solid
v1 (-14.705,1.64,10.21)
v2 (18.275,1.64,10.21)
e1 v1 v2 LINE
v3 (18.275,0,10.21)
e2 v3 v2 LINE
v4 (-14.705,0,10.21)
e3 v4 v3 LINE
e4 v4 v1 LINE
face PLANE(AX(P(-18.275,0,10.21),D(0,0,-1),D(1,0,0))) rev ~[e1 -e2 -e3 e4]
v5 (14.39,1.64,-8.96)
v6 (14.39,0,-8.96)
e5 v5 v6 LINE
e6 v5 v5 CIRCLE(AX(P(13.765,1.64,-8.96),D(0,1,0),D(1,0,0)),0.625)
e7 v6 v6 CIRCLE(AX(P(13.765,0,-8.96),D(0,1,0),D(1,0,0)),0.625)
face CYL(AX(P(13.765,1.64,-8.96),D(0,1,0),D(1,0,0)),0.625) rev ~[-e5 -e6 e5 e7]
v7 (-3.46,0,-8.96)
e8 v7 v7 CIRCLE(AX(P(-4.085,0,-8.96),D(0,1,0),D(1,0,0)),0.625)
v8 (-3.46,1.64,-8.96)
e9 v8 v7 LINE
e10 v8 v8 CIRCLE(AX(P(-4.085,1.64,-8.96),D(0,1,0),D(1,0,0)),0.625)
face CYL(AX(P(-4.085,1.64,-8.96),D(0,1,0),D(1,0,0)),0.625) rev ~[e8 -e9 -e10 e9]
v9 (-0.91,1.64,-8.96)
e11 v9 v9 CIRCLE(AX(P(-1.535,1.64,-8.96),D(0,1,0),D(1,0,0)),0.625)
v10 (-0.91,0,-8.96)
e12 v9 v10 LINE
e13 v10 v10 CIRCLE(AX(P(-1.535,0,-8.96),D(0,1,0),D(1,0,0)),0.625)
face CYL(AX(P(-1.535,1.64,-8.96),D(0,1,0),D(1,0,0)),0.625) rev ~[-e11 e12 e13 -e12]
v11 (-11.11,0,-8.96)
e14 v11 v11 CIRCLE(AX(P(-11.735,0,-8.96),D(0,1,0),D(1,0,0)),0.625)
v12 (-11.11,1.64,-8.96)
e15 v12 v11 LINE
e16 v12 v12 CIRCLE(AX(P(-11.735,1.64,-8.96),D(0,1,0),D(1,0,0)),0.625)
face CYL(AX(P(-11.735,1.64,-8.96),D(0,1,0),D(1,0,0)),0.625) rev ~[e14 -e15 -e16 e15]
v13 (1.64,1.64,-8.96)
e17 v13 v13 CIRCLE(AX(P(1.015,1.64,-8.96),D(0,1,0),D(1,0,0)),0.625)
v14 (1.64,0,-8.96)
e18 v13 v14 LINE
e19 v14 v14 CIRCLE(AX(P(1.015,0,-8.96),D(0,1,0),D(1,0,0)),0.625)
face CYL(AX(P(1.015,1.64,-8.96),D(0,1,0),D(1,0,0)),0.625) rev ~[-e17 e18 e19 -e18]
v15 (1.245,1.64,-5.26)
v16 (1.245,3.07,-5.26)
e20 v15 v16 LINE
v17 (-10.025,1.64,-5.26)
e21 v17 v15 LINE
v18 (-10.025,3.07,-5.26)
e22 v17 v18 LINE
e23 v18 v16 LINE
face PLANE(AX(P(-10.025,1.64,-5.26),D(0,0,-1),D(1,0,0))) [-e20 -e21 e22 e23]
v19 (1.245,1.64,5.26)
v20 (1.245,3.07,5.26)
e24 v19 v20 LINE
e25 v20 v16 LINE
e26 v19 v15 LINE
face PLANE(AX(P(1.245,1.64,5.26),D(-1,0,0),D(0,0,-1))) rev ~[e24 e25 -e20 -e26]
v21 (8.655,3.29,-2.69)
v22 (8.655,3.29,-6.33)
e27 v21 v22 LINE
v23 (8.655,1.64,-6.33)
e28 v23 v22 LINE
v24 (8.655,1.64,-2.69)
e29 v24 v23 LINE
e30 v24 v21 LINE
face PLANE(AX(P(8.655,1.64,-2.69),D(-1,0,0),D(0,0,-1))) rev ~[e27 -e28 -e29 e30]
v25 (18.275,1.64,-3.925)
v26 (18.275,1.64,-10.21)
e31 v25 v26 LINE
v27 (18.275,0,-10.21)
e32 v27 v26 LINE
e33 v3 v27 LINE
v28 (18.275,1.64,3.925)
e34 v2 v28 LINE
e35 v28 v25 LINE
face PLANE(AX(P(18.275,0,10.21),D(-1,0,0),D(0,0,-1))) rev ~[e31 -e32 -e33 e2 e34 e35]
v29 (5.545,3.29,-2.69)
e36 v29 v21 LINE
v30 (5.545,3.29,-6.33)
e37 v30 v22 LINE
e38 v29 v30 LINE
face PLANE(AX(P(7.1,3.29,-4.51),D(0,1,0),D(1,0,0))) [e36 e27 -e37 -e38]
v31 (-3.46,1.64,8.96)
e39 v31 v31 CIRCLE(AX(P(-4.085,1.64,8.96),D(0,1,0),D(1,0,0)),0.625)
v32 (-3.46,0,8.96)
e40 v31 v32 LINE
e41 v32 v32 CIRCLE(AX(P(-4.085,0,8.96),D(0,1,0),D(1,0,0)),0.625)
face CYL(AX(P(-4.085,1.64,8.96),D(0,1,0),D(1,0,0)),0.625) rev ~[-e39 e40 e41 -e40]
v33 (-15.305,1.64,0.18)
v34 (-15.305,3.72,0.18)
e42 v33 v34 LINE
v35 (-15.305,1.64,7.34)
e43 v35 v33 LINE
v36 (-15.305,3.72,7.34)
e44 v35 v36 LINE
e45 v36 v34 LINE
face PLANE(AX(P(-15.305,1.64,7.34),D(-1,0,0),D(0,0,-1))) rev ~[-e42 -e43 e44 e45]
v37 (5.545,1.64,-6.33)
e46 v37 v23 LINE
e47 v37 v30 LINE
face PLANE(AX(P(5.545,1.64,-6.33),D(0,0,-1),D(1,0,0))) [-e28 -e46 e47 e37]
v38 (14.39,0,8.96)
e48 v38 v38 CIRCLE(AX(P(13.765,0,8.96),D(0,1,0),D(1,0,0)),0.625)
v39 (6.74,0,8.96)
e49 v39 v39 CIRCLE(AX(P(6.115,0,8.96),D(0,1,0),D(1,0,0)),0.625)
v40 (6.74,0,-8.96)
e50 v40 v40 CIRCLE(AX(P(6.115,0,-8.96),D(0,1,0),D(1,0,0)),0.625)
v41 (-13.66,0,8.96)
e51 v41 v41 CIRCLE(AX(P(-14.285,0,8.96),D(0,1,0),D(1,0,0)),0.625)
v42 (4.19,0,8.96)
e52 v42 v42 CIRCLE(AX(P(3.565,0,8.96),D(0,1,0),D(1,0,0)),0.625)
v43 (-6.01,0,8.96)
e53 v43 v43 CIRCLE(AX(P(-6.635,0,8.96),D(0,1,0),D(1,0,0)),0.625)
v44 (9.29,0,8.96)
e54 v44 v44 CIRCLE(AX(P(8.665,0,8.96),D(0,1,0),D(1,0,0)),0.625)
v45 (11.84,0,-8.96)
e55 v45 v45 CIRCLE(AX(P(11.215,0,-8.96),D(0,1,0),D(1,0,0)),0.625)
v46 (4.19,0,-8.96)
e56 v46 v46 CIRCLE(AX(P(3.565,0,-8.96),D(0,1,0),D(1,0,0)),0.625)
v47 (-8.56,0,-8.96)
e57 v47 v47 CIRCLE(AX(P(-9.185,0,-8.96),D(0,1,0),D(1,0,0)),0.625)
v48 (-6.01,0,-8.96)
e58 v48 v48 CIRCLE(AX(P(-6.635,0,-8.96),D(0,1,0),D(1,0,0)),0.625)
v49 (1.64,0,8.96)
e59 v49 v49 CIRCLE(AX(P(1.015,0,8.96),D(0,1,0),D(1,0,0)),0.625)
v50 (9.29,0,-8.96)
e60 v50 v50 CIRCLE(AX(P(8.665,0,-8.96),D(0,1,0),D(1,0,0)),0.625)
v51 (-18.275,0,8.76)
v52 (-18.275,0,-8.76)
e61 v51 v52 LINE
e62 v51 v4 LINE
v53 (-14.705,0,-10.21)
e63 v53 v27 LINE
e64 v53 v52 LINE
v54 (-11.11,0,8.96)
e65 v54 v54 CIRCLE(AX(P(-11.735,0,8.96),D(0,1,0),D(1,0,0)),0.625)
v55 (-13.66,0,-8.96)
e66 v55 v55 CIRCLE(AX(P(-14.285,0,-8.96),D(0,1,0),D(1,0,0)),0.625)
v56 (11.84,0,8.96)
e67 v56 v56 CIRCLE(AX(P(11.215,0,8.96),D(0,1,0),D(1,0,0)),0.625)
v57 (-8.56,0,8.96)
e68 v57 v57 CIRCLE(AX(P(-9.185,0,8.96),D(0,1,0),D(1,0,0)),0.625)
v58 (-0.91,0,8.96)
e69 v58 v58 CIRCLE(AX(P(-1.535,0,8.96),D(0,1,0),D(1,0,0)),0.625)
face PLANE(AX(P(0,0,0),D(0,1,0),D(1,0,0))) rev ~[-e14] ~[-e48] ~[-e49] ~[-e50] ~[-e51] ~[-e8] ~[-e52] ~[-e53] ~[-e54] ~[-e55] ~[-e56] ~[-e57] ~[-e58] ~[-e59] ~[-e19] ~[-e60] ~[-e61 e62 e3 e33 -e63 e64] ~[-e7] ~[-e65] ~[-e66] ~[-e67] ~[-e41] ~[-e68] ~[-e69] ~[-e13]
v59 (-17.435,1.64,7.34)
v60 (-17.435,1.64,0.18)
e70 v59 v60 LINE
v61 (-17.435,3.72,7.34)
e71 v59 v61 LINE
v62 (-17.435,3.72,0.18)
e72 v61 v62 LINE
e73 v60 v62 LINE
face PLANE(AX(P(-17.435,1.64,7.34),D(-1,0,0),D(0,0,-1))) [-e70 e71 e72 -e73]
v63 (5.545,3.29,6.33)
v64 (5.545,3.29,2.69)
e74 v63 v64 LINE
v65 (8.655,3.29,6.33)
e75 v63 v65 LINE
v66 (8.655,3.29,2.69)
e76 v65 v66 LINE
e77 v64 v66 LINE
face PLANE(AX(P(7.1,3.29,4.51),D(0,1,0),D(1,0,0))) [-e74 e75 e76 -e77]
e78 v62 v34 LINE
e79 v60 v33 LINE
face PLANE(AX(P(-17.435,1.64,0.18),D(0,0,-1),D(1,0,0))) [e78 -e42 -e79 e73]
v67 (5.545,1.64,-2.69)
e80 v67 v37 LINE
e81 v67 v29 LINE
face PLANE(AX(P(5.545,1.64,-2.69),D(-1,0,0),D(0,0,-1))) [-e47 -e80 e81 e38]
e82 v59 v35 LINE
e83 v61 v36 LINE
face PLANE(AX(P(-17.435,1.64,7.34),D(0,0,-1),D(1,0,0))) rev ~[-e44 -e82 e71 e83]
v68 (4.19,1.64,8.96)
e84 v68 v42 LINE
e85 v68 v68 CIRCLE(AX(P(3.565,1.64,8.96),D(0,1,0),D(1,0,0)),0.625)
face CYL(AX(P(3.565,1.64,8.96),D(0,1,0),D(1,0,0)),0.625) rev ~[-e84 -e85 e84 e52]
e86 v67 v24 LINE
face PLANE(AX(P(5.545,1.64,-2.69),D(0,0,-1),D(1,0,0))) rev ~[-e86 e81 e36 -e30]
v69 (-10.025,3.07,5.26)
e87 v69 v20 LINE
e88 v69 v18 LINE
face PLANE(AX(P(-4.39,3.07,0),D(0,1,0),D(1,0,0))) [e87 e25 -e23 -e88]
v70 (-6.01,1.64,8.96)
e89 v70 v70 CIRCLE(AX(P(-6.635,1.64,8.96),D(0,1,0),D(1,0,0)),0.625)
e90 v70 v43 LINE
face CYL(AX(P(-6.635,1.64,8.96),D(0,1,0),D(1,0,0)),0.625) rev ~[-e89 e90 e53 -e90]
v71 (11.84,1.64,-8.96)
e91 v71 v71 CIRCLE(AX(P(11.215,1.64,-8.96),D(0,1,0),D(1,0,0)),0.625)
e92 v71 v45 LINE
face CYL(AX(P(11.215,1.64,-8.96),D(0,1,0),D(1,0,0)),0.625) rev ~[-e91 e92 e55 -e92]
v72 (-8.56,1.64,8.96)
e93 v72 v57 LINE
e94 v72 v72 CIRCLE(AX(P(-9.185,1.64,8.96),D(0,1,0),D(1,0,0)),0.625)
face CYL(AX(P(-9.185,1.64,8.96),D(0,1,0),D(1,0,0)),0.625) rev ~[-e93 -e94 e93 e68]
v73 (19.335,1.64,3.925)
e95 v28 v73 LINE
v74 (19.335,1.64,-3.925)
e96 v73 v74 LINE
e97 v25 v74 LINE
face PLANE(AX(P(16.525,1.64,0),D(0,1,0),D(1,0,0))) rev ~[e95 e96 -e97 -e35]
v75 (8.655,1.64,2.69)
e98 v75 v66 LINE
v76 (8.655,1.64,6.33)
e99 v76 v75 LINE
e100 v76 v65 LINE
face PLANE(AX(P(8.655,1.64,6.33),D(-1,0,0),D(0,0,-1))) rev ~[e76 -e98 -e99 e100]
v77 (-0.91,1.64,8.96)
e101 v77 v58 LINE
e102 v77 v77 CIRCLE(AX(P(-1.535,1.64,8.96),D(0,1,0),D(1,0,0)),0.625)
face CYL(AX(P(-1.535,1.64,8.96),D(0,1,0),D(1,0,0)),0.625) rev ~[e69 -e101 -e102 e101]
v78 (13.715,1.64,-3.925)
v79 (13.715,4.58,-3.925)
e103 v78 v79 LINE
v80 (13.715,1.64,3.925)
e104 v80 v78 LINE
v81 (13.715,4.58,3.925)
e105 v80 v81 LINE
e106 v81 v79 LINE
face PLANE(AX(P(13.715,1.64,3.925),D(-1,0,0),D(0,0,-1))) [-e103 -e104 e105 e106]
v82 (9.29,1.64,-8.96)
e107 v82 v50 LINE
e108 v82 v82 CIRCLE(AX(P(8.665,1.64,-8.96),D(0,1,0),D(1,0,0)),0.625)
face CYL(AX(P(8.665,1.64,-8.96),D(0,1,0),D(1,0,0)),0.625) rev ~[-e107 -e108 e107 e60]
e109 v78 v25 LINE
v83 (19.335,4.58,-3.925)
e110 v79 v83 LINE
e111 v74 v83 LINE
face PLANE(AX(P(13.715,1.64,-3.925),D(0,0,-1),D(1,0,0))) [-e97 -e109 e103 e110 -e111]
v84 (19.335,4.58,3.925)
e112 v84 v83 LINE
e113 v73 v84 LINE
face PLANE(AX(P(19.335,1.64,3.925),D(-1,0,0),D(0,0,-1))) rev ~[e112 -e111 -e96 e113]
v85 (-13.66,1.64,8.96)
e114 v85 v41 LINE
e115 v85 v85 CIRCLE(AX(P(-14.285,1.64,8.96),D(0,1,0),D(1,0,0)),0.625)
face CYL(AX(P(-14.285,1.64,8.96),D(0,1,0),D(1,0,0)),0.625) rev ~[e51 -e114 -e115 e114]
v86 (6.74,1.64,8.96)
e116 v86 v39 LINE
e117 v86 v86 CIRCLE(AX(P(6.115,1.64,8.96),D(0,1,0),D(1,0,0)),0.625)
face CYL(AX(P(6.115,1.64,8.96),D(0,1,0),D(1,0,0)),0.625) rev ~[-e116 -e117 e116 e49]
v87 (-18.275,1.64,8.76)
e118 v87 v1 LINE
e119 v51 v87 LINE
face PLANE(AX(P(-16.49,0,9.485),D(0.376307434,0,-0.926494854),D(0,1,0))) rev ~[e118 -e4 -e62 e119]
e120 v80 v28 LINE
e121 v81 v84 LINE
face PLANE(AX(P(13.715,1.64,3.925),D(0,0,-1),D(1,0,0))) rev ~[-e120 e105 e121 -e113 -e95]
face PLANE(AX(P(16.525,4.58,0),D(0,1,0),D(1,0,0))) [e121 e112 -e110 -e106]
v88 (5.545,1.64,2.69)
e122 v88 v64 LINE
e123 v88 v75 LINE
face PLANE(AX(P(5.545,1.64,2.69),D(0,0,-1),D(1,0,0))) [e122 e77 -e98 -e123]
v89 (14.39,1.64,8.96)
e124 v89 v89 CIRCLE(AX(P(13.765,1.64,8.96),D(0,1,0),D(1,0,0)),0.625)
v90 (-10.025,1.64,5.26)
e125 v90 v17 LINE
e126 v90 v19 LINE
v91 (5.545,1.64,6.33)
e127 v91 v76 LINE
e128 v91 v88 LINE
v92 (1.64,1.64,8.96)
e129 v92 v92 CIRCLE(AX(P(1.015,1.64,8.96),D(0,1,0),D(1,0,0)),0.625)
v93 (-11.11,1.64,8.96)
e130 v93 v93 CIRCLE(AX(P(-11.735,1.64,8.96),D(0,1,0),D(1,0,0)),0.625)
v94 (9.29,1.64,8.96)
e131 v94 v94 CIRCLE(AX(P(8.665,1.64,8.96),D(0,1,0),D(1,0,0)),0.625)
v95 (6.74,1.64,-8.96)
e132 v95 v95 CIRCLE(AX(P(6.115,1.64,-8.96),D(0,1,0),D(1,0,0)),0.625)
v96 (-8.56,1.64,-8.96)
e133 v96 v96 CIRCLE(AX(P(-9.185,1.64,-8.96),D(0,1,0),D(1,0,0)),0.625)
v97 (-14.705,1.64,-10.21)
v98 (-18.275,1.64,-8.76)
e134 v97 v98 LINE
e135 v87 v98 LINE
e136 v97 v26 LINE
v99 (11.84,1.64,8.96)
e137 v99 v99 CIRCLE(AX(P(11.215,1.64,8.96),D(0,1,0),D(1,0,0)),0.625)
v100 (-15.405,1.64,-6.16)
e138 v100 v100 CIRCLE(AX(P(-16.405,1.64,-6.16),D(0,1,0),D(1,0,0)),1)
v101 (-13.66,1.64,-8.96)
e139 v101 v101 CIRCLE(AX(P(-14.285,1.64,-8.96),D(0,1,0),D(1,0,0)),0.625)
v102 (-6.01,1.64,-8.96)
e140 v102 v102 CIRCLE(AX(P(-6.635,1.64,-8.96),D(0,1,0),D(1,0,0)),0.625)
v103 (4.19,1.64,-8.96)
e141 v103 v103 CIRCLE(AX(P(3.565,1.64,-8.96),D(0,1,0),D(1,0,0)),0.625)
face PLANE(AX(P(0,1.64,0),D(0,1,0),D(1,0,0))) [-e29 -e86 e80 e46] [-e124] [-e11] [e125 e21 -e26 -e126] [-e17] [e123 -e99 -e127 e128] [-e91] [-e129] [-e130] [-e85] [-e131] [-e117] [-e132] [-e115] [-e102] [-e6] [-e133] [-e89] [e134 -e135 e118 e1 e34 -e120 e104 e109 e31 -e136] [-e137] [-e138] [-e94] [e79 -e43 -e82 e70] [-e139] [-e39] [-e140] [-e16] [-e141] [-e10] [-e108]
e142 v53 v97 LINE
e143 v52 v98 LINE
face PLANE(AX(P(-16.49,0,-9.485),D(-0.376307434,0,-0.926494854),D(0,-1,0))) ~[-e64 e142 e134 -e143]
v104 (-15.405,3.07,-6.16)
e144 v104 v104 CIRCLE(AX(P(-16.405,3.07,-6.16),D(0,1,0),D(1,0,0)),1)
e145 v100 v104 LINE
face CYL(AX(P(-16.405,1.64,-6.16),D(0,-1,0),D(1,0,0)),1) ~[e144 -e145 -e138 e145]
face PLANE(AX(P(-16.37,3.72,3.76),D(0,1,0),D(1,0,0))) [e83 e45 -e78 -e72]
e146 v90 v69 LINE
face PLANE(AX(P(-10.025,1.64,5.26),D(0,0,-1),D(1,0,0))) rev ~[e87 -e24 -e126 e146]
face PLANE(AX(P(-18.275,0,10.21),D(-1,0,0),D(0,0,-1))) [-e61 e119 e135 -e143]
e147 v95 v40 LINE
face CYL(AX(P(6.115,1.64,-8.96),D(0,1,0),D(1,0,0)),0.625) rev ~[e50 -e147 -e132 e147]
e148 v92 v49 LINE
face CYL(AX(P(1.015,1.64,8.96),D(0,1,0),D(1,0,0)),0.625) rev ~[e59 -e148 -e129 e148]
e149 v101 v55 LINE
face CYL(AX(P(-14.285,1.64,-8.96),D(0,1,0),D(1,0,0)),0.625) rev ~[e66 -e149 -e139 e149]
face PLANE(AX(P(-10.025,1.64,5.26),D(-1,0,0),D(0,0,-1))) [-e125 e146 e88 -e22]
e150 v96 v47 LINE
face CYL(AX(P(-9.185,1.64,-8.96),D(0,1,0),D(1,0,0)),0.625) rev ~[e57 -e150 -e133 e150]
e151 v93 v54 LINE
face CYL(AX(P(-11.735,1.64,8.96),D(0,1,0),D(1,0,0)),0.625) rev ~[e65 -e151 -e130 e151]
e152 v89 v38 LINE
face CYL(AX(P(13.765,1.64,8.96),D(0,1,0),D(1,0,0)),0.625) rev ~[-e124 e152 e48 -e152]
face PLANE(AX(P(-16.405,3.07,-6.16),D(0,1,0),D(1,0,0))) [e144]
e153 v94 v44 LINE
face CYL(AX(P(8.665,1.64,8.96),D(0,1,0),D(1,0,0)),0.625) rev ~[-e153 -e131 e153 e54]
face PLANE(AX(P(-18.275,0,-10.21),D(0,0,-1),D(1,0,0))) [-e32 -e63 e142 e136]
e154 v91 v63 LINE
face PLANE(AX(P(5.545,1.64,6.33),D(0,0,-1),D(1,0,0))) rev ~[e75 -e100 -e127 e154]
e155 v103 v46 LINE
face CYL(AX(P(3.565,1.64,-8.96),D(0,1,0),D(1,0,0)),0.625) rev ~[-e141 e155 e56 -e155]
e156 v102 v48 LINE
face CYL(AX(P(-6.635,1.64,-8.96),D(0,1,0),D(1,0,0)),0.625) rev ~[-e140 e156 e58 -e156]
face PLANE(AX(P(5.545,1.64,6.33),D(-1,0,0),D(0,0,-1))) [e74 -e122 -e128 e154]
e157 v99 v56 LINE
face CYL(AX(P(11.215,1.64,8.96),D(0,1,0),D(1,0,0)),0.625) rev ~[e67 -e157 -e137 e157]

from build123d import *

# Parameters (mm, degrees)
SKETCH1_W           = 36.55
SKETCH1_H           = 20.42
BOSS_EXTRUDE1_DEPTH = 1.64
CHAMFER1_SIZE       = 1.45
CHAMFER1_SIZE2      = 3.57
CHAMFER2_SIZE       = 3.57
CHAMFER2_SIZE2      = 1.45
SKETCH3_W           = 5.62
SKETCH3_H           = 7.85
BOSS_EXTRUDE2_DEPTH = 2.94
SKETCH4_W           = 3.11
SKETCH4_H           = 3.64
BOSS_EXTRUDE3_DEPTH = 1.65
SKETCH5_W           = 2.13
SKETCH5_H           = 7.16
BOSS_EXTRUDE4_DEPTH = 2.08
SKETCH6_W           = 11.27
SKETCH6_H           = 10.52
BOSS_EXTRUDE5_DEPTH = 1.43
SKETCH7_R           = 1
BOSS_EXTRUDE6_DEPTH = 1.43
SKETCH8_R           = 0.625
CUT_EXTRUDE1_DEPTH  = 2.64


with BuildPart() as part:
    # Sketch1 → Boss-Extrude1 (new body)
    with BuildSketch(Plane(origin=(0, 0, 0), x_dir=(1, 0, 0), z_dir=(0, 1, 0))):
        Rectangle(SKETCH1_W, SKETCH1_H)
    extrude(amount=BOSS_EXTRUDE1_DEPTH)

    # Chamfer1
    chamfer1_edges = [part.edges().sort_by_distance(p)[0] for p in [
        (-18.275, 0.82, 10.21),
    ]]
    chamfer1_side = [part.faces().sort_by_distance(p)[0] for p in [
        (-18.275, 0.82, 0),
    ]]
    chamfer(chamfer1_edges, length=CHAMFER1_SIZE, length2=CHAMFER1_SIZE2, reference=chamfer1_side[0])

    # Chamfer2
    chamfer2_edges = [part.edges().sort_by_distance(p)[0] for p in [
        (-18.275, 0.82, -10.21),
    ]]
    chamfer2_side = [part.faces().sort_by_distance(p)[0] for p in [
        (0, 0.82, -10.21),
    ]]
    chamfer(chamfer2_edges, length=CHAMFER2_SIZE, length2=CHAMFER2_SIZE2, reference=chamfer2_side[0])

    # Sketch3 → Boss-Extrude2 (add)
    with BuildSketch(Plane(origin=(0, 1.64, 0), x_dir=(1, 0, 0), z_dir=(0, 1, 0))):
        with Locations((16.525, 0)):
            Rectangle(SKETCH3_W, SKETCH3_H)
    extrude(amount=BOSS_EXTRUDE2_DEPTH)

    # Sketch4 → Boss-Extrude3 (add)
    with BuildSketch(Plane(origin=(0, 1.64, 0), x_dir=(1, 0, 0), z_dir=(0, 1, 0))):
        with Locations((7.1, 4.51)):
            Rectangle(SKETCH4_W, SKETCH4_H)
        with Locations((7.1, -4.51)):
            Rectangle(SKETCH4_W, SKETCH4_H)
    extrude(amount=BOSS_EXTRUDE3_DEPTH)

    # Sketch5 → Boss-Extrude4 (add)
    with BuildSketch(Plane(origin=(0, 1.64, 0), x_dir=(1, 0, 0), z_dir=(0, 1, 0))):
        with Locations((-16.37, -3.76)):
            Rectangle(SKETCH5_W, SKETCH5_H)
    extrude(amount=BOSS_EXTRUDE4_DEPTH)

    # Sketch6 → Boss-Extrude5 (add)
    with BuildSketch(Plane(origin=(0, 1.64, 0), x_dir=(1, 0, 0), z_dir=(0, 1, 0))):
        with Locations((-4.39, 0)):
            Rectangle(SKETCH6_W, SKETCH6_H)
    extrude(amount=BOSS_EXTRUDE5_DEPTH)

    # Sketch7 → Boss-Extrude6 (add)
    with BuildSketch(Plane(origin=(0, 1.64, 0), x_dir=(1, 0, 0), z_dir=(0, 1, 0))):
        with Locations((-16.405, 6.16)):
            Circle(SKETCH7_R)
    extrude(amount=BOSS_EXTRUDE6_DEPTH)

    # Sketch8 → Cut-Extrude1 (cut, through all)
    with BuildSketch(Plane(origin=(0, 1.64, 0), x_dir=(1, 0, 0), z_dir=(0, 1, 0))):
        with Locations((13.765, -8.96)):
            Circle(SKETCH8_R)
        with Locations((11.215, -8.96)):
            Circle(SKETCH8_R)
        with Locations((8.665, -8.96)):
            Circle(SKETCH8_R)
        with Locations((6.115, -8.96)):
            Circle(SKETCH8_R)
        with Locations((3.565, -8.96)):
            Circle(SKETCH8_R)
        with Locations((1.015, -8.96)):
            Circle(SKETCH8_R)
        with Locations((-1.535, -8.96)):
            Circle(SKETCH8_R)
        with Locations((-4.085, -8.96)):
            Circle(SKETCH8_R)
        with Locations((-6.635, -8.96)):
            Circle(SKETCH8_R)
        with Locations((-9.185, -8.96)):
            Circle(SKETCH8_R)
        with Locations((-11.735, -8.96)):
            Circle(SKETCH8_R)
        with Locations((-14.285, -8.96)):
            Circle(SKETCH8_R)
        with Locations((-14.285, 8.96)):
            Circle(SKETCH8_R)
        with Locations((-11.735, 8.96)):
            Circle(SKETCH8_R)
        with Locations((-9.185, 8.96)):
            Circle(SKETCH8_R)
        with Locations((3.565, 8.96)):
            Circle(SKETCH8_R)
        with Locations((-6.635, 8.96)):
            Circle(SKETCH8_R)
        with Locations((-4.085, 8.96)):
            Circle(SKETCH8_R)
        with Locations((-1.535, 8.96)):
            Circle(SKETCH8_R)
        with Locations((1.015, 8.96)):
            Circle(SKETCH8_R)
        with Locations((6.115, 8.96)):
            Circle(SKETCH8_R)
        with Locations((8.665, 8.96)):
            Circle(SKETCH8_R)
        with Locations((11.215, 8.96)):
            Circle(SKETCH8_R)
        with Locations((13.765, 8.96)):
            Circle(SKETCH8_R)
    extrude(amount=-CUT_EXTRUDE1_DEPTH, mode=Mode.SUBTRACT)


solid = part.part
